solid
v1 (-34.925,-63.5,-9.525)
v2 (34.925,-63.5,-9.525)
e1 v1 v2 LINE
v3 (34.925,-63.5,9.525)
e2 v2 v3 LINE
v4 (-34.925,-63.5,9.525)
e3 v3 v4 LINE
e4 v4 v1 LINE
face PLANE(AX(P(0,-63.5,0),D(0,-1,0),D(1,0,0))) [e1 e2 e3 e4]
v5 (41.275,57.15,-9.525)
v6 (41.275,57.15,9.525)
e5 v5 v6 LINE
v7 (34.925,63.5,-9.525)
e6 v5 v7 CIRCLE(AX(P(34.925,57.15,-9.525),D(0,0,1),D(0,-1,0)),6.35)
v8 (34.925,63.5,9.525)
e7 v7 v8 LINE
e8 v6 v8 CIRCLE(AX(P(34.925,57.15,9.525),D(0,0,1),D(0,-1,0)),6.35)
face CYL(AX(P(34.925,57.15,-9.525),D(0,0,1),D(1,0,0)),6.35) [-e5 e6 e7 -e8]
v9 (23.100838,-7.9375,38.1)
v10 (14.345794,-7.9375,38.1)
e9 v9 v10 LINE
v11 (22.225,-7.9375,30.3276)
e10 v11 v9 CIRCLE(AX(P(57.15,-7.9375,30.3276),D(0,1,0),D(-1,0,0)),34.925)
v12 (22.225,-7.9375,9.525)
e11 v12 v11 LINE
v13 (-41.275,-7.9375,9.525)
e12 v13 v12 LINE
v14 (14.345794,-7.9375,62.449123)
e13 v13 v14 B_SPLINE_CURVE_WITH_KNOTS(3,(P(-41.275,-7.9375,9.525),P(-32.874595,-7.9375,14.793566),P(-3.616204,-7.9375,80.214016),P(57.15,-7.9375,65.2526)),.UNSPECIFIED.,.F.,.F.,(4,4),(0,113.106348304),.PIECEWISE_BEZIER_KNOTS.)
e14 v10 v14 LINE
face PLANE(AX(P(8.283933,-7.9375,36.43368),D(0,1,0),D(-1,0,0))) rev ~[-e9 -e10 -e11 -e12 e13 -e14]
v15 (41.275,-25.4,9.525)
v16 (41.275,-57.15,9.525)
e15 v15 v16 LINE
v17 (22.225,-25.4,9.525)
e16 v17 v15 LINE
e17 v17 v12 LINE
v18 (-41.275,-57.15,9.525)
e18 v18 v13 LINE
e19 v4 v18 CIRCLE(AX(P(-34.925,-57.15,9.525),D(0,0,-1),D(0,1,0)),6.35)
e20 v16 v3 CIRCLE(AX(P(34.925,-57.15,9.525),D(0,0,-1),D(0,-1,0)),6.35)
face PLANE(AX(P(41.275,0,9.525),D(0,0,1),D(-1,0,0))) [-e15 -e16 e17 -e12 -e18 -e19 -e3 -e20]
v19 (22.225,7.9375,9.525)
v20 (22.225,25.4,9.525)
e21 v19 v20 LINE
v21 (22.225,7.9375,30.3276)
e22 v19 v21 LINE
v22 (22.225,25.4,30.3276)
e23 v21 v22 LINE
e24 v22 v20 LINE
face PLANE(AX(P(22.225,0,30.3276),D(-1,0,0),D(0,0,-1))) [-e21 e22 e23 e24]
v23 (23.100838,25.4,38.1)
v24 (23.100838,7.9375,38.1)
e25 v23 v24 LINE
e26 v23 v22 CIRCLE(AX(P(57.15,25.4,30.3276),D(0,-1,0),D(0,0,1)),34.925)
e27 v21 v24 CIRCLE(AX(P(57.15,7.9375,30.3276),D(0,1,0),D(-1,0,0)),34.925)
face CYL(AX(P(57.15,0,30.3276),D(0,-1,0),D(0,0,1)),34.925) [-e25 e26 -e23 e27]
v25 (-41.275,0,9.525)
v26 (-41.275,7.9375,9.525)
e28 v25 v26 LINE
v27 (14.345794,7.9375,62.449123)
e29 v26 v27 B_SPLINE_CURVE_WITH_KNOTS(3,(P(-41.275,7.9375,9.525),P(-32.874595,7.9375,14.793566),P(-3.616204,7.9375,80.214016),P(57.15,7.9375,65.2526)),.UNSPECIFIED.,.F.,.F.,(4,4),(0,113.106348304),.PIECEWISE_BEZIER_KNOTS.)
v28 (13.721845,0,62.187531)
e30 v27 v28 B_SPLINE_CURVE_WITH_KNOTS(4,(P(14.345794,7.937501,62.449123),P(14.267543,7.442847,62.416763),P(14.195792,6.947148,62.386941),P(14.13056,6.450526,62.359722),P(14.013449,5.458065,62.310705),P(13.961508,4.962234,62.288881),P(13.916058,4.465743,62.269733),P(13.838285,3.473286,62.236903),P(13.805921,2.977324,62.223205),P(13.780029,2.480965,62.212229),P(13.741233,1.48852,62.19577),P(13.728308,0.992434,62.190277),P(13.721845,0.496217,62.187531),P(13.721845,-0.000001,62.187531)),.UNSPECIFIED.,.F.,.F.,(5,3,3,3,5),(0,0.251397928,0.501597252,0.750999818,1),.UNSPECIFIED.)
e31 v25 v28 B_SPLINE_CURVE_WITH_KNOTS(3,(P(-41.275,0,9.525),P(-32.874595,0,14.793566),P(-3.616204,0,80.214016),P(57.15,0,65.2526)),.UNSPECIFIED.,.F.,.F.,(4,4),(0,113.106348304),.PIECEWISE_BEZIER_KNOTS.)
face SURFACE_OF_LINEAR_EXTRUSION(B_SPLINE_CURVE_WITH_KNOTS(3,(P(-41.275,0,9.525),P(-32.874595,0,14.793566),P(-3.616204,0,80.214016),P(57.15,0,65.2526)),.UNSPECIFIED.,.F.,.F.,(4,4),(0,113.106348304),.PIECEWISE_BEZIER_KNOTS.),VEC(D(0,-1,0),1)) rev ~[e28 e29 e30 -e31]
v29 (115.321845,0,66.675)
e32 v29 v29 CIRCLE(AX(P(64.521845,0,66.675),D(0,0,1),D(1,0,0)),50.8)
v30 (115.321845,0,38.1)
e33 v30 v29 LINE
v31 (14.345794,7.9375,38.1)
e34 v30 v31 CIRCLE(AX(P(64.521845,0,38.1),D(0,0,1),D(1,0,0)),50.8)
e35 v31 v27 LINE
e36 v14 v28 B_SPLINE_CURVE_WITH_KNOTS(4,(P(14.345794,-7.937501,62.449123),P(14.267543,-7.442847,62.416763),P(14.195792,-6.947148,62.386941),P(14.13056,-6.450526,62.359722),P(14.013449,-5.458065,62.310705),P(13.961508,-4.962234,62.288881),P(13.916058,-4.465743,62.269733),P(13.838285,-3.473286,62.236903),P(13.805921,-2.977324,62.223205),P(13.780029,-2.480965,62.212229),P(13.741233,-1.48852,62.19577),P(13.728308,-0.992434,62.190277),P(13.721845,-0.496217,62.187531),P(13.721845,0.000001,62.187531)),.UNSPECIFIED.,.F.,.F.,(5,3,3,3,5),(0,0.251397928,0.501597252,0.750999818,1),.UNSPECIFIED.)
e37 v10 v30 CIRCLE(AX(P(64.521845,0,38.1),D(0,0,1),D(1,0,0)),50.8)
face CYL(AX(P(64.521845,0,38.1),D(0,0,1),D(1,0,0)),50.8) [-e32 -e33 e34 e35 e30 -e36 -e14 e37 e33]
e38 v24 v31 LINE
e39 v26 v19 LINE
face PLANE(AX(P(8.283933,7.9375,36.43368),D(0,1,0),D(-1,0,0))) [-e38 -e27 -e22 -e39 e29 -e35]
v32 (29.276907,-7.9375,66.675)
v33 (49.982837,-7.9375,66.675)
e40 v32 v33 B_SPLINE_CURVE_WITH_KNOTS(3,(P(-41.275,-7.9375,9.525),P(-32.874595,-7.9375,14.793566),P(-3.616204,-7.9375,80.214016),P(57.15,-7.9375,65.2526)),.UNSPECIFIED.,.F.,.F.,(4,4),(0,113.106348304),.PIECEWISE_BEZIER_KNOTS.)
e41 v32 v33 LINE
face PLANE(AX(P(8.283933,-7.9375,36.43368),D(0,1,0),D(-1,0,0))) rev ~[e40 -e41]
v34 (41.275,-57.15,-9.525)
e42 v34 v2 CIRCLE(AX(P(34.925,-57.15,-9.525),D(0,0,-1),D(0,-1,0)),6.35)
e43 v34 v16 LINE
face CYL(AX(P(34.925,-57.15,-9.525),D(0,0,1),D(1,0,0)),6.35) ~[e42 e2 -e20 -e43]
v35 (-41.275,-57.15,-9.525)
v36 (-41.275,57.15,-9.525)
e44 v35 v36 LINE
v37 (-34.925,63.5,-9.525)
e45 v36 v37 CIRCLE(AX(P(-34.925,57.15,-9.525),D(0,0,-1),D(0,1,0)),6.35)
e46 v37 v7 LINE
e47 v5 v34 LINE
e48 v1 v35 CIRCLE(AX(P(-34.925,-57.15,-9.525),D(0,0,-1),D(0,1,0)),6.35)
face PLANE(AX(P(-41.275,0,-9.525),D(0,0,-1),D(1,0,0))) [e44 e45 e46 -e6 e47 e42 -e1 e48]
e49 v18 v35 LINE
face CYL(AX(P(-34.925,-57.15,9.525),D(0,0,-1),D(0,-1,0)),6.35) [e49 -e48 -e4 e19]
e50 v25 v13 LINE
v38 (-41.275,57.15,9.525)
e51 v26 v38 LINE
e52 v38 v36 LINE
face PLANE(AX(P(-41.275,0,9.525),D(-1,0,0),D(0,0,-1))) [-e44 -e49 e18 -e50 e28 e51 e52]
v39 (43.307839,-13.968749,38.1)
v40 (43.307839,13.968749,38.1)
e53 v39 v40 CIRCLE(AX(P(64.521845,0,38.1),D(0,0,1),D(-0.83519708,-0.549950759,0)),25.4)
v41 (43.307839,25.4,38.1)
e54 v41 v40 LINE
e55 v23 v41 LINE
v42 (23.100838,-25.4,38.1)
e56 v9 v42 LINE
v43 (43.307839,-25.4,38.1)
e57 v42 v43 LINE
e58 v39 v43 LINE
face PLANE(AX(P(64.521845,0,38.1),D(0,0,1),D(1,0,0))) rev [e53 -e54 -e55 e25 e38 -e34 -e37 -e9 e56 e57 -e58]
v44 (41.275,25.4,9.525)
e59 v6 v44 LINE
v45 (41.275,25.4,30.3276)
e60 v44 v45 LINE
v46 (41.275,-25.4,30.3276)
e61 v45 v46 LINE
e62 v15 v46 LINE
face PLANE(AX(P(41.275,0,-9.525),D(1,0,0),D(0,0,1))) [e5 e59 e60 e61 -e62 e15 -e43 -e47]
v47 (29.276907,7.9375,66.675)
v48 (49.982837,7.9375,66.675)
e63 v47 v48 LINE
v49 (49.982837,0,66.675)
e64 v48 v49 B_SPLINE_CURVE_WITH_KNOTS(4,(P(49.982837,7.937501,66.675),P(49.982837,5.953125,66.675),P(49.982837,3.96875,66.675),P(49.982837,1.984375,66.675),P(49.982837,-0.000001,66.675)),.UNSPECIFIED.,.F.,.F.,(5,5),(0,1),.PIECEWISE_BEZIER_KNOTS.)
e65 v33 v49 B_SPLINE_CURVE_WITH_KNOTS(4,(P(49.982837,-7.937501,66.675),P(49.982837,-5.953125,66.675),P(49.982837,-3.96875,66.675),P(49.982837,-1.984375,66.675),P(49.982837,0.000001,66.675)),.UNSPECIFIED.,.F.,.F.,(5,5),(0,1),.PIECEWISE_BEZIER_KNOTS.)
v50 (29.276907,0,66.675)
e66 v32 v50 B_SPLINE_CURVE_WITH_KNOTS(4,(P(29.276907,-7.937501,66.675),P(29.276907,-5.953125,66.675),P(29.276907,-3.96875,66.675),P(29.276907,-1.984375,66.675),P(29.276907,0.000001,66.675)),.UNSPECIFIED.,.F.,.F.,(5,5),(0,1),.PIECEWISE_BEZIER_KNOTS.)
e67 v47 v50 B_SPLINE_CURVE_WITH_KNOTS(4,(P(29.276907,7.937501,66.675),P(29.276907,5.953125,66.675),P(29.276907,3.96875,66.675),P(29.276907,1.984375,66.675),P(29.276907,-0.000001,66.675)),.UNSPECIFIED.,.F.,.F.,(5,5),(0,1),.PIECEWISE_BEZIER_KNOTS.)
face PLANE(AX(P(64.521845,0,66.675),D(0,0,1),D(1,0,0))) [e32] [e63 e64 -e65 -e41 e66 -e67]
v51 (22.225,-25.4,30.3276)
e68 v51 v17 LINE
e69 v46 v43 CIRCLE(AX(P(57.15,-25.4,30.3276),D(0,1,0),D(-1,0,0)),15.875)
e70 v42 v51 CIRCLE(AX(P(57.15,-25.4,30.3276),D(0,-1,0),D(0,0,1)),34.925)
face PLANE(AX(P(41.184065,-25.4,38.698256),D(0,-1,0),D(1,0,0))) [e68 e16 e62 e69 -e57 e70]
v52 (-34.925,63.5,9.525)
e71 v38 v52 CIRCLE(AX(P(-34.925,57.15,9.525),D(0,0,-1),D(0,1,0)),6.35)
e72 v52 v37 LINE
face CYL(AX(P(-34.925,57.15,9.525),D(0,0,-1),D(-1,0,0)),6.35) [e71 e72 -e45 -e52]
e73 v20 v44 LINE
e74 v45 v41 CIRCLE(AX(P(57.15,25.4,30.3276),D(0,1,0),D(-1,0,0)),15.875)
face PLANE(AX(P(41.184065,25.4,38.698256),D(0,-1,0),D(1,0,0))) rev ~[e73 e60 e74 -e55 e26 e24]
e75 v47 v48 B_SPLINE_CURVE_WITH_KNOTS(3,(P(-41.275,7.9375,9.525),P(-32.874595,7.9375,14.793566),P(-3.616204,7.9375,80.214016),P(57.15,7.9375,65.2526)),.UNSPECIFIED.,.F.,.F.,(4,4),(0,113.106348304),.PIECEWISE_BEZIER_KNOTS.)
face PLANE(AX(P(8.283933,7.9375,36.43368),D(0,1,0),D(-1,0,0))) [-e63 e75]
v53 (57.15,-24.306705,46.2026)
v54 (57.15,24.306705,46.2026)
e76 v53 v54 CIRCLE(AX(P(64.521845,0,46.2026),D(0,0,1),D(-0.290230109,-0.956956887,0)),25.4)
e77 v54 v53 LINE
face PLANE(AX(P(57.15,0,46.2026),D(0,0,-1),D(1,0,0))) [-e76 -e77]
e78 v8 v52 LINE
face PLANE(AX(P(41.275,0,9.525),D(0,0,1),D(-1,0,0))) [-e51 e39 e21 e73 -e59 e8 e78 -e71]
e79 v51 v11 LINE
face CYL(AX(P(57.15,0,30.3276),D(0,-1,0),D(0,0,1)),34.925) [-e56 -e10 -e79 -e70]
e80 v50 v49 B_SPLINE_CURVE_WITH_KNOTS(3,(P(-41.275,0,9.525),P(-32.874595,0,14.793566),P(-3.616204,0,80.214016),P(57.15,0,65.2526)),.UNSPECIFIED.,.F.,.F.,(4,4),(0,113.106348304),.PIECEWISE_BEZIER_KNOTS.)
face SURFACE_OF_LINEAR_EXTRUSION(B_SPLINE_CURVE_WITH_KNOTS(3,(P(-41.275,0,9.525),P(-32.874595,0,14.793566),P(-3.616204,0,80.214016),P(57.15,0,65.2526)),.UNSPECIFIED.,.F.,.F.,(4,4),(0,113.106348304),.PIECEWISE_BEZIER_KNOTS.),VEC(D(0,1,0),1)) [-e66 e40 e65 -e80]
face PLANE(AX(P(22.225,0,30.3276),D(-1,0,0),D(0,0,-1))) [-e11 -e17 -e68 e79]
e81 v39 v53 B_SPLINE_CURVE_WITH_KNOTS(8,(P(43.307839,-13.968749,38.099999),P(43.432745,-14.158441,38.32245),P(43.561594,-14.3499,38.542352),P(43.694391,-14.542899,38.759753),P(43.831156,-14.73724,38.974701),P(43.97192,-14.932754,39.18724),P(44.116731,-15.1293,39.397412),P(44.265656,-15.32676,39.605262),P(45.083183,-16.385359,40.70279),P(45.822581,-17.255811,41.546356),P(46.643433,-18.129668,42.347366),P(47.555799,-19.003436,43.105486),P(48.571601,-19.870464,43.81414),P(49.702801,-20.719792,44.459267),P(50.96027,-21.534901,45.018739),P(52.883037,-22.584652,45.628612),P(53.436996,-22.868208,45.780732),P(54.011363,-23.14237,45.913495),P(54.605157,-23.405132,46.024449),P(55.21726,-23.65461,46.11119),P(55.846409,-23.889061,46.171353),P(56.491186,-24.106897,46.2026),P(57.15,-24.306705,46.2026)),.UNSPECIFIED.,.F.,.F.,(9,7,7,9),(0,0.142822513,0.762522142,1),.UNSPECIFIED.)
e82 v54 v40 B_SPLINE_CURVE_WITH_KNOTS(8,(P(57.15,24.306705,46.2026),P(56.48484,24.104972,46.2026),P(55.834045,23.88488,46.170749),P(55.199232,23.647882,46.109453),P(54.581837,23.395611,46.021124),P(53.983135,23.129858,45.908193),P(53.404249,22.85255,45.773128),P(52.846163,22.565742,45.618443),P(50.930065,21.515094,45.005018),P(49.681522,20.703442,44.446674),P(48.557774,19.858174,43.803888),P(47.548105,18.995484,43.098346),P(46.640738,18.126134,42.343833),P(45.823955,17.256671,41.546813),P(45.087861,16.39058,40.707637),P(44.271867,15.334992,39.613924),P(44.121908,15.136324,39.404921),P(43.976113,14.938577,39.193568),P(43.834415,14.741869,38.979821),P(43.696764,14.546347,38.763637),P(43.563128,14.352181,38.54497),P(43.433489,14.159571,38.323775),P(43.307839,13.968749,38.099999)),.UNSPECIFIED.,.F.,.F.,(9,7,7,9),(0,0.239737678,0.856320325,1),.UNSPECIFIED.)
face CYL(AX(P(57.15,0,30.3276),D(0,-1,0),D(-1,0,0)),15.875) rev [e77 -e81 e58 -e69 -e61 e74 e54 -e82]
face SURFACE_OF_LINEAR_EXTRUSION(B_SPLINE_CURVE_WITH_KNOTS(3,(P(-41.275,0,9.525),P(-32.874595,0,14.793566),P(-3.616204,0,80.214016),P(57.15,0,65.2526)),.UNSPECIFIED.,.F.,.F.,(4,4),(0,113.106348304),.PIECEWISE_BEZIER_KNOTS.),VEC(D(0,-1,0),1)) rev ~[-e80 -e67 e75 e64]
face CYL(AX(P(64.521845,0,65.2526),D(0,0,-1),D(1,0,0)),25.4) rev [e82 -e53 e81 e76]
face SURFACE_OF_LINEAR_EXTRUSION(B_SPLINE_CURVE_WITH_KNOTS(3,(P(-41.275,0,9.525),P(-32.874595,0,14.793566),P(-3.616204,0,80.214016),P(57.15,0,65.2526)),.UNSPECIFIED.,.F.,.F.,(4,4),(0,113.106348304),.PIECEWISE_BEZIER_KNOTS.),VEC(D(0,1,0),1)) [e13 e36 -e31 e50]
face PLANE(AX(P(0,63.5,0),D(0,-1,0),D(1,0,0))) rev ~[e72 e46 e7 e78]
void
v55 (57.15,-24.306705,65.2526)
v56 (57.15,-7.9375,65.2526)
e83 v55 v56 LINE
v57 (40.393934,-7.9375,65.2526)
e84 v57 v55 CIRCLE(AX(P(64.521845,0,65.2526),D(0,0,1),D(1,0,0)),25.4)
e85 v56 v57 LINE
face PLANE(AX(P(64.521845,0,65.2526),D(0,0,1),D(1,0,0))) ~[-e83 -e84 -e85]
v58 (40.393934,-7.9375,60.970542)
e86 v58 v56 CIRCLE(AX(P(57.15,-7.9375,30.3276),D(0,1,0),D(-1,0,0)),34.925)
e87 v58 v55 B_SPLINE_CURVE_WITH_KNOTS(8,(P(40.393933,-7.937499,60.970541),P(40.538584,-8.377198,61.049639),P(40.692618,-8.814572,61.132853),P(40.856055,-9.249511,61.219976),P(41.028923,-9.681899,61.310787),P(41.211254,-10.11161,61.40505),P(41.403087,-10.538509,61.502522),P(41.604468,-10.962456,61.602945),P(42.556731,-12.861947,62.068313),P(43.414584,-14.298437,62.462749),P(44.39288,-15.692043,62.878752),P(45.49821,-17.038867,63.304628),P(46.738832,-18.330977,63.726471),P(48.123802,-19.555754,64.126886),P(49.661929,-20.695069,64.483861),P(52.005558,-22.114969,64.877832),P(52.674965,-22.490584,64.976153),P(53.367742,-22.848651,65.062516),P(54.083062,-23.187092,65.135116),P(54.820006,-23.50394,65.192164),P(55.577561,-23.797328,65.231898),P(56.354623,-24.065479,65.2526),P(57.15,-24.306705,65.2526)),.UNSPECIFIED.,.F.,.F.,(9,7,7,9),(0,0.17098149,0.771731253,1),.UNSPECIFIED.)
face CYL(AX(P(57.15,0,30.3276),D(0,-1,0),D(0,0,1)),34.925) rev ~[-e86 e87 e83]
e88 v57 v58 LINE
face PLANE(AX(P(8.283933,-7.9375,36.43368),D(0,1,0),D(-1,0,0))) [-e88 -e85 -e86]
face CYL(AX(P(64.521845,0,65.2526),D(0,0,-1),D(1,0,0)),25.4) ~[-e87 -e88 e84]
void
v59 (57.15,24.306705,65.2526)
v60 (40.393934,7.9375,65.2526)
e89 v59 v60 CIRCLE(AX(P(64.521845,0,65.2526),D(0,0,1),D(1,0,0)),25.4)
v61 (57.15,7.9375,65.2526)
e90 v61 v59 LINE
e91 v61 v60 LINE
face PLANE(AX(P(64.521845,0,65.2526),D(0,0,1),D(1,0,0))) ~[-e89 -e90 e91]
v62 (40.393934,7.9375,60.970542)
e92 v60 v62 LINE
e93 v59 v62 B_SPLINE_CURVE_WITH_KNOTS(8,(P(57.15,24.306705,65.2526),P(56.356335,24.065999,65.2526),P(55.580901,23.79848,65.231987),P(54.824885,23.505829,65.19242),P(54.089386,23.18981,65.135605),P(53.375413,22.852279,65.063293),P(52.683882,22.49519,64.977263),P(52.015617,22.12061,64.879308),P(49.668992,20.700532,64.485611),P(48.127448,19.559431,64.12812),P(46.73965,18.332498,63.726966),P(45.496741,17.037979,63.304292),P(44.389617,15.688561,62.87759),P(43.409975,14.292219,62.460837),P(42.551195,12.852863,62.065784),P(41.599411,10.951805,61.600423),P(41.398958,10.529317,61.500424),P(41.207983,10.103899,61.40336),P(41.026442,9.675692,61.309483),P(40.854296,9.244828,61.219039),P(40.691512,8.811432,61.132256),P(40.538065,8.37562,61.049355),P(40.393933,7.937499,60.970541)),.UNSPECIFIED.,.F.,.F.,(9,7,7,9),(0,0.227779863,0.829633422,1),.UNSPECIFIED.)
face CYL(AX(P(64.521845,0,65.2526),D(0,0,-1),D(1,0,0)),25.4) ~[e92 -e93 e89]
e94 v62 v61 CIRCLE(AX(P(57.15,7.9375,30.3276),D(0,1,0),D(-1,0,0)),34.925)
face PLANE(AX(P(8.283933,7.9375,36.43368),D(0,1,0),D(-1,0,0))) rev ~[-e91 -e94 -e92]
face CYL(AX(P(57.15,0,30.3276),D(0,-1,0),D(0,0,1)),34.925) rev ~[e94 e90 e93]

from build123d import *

# Parameters (mm, degrees)
F1_DEPTH = 63.5
F0_W     = 25.4
F0_H     = 19.05
F2_DEPTH = 25.4
F3_DEPTH = 7.9375
F5_R     = 6.35


with BuildPart() as f1:
    # F0 (on Front) → F1 (new body, symmetric)
    with BuildSketch(Plane.XZ):
        Polygon((-41.275, -9.525), (41.275, -9.525), (41.275, 9.525), (22.225, 9.525), (-41.275, 9.525), align=None)
    extrude(amount=F1_DEPTH, both=True)

    # F0 (on Front) → F2 (join, symmetric)
    with BuildSketch(Plane.XZ):
        with BuildLine():
            Line((22.225, 9.525), (41.275, 9.525))
            Line((41.275, 9.525), (41.275, 30.3276))
            ThreePointArc((41.275, 30.3276), (45.9246798487, 41.5529201513), (57.15, 46.2026))
            Line((57.15, 46.2026), (64.5218447655, 46.2026))
            Line((64.5218447655, 46.2026), (64.5218447655, 65.2526))
            Line((64.5218447655, 65.2526), (57.15, 65.2526))
            ThreePointArc((57.15, 65.2526), (32.4542956671, 55.0233043329), (22.225, 30.3276))
            Line((22.225, 30.3276), (22.225, 9.525))
        make_face()
        with Locations((77.2218447655, 55.7276)):
            Rectangle(F0_W, F0_H)
    extrude(amount=F2_DEPTH, both=True)

    # F0 (on Front) → F3 (join, symmetric)
    with BuildSketch(Plane.XZ):
        with BuildLine():
            add(Edge.make_bspline(
                [(-41.275, 9.525), (-32.8745953739, 14.7935664281), (-3.6162044853, 80.2140161395), (57.15, 65.2526)],
                knots=[0, 0, 0, 0, 113.1063483044, 113.1063483044, 113.1063483044, 113.1063483044], degree=3))
            Line((-41.275, 9.525), (22.225, 9.525))
            Line((22.225, 9.525), (22.225, 30.3276))
            ThreePointArc((22.225, 30.3276), (32.4542956671, 55.0233043329), (57.15, 65.2526))
        make_face()
    extrude(amount=F3_DEPTH, both=True)

    # F0 (on Front) → F4 (revolve)
    with BuildSketch(Plane.XZ):
        Polygon((64.5218447655, 66.675), (64.5218447655, 65.2526), (89.9218447655, 65.2526), (89.9218447655, 46.2026), (89.9218447655, 38.1), (115.3218447655, 38.1), (115.3218447655, 66.675), align=None)
    revolve(axis=Axis((64.5218447655, 0, 52.3875), (0, 0, 1)))

    # F5
    f5_edges = [f1.edges().sort_by_distance(p)[0] for p in [
        (41.275, -63.5, 0),
        (-41.275, -63.5, 0),
        (41.275, 63.5, 0),
        (-41.275, 63.5, 0),
    ]]
    fillet(f5_edges, radius=F5_R)


solid = f1.part
